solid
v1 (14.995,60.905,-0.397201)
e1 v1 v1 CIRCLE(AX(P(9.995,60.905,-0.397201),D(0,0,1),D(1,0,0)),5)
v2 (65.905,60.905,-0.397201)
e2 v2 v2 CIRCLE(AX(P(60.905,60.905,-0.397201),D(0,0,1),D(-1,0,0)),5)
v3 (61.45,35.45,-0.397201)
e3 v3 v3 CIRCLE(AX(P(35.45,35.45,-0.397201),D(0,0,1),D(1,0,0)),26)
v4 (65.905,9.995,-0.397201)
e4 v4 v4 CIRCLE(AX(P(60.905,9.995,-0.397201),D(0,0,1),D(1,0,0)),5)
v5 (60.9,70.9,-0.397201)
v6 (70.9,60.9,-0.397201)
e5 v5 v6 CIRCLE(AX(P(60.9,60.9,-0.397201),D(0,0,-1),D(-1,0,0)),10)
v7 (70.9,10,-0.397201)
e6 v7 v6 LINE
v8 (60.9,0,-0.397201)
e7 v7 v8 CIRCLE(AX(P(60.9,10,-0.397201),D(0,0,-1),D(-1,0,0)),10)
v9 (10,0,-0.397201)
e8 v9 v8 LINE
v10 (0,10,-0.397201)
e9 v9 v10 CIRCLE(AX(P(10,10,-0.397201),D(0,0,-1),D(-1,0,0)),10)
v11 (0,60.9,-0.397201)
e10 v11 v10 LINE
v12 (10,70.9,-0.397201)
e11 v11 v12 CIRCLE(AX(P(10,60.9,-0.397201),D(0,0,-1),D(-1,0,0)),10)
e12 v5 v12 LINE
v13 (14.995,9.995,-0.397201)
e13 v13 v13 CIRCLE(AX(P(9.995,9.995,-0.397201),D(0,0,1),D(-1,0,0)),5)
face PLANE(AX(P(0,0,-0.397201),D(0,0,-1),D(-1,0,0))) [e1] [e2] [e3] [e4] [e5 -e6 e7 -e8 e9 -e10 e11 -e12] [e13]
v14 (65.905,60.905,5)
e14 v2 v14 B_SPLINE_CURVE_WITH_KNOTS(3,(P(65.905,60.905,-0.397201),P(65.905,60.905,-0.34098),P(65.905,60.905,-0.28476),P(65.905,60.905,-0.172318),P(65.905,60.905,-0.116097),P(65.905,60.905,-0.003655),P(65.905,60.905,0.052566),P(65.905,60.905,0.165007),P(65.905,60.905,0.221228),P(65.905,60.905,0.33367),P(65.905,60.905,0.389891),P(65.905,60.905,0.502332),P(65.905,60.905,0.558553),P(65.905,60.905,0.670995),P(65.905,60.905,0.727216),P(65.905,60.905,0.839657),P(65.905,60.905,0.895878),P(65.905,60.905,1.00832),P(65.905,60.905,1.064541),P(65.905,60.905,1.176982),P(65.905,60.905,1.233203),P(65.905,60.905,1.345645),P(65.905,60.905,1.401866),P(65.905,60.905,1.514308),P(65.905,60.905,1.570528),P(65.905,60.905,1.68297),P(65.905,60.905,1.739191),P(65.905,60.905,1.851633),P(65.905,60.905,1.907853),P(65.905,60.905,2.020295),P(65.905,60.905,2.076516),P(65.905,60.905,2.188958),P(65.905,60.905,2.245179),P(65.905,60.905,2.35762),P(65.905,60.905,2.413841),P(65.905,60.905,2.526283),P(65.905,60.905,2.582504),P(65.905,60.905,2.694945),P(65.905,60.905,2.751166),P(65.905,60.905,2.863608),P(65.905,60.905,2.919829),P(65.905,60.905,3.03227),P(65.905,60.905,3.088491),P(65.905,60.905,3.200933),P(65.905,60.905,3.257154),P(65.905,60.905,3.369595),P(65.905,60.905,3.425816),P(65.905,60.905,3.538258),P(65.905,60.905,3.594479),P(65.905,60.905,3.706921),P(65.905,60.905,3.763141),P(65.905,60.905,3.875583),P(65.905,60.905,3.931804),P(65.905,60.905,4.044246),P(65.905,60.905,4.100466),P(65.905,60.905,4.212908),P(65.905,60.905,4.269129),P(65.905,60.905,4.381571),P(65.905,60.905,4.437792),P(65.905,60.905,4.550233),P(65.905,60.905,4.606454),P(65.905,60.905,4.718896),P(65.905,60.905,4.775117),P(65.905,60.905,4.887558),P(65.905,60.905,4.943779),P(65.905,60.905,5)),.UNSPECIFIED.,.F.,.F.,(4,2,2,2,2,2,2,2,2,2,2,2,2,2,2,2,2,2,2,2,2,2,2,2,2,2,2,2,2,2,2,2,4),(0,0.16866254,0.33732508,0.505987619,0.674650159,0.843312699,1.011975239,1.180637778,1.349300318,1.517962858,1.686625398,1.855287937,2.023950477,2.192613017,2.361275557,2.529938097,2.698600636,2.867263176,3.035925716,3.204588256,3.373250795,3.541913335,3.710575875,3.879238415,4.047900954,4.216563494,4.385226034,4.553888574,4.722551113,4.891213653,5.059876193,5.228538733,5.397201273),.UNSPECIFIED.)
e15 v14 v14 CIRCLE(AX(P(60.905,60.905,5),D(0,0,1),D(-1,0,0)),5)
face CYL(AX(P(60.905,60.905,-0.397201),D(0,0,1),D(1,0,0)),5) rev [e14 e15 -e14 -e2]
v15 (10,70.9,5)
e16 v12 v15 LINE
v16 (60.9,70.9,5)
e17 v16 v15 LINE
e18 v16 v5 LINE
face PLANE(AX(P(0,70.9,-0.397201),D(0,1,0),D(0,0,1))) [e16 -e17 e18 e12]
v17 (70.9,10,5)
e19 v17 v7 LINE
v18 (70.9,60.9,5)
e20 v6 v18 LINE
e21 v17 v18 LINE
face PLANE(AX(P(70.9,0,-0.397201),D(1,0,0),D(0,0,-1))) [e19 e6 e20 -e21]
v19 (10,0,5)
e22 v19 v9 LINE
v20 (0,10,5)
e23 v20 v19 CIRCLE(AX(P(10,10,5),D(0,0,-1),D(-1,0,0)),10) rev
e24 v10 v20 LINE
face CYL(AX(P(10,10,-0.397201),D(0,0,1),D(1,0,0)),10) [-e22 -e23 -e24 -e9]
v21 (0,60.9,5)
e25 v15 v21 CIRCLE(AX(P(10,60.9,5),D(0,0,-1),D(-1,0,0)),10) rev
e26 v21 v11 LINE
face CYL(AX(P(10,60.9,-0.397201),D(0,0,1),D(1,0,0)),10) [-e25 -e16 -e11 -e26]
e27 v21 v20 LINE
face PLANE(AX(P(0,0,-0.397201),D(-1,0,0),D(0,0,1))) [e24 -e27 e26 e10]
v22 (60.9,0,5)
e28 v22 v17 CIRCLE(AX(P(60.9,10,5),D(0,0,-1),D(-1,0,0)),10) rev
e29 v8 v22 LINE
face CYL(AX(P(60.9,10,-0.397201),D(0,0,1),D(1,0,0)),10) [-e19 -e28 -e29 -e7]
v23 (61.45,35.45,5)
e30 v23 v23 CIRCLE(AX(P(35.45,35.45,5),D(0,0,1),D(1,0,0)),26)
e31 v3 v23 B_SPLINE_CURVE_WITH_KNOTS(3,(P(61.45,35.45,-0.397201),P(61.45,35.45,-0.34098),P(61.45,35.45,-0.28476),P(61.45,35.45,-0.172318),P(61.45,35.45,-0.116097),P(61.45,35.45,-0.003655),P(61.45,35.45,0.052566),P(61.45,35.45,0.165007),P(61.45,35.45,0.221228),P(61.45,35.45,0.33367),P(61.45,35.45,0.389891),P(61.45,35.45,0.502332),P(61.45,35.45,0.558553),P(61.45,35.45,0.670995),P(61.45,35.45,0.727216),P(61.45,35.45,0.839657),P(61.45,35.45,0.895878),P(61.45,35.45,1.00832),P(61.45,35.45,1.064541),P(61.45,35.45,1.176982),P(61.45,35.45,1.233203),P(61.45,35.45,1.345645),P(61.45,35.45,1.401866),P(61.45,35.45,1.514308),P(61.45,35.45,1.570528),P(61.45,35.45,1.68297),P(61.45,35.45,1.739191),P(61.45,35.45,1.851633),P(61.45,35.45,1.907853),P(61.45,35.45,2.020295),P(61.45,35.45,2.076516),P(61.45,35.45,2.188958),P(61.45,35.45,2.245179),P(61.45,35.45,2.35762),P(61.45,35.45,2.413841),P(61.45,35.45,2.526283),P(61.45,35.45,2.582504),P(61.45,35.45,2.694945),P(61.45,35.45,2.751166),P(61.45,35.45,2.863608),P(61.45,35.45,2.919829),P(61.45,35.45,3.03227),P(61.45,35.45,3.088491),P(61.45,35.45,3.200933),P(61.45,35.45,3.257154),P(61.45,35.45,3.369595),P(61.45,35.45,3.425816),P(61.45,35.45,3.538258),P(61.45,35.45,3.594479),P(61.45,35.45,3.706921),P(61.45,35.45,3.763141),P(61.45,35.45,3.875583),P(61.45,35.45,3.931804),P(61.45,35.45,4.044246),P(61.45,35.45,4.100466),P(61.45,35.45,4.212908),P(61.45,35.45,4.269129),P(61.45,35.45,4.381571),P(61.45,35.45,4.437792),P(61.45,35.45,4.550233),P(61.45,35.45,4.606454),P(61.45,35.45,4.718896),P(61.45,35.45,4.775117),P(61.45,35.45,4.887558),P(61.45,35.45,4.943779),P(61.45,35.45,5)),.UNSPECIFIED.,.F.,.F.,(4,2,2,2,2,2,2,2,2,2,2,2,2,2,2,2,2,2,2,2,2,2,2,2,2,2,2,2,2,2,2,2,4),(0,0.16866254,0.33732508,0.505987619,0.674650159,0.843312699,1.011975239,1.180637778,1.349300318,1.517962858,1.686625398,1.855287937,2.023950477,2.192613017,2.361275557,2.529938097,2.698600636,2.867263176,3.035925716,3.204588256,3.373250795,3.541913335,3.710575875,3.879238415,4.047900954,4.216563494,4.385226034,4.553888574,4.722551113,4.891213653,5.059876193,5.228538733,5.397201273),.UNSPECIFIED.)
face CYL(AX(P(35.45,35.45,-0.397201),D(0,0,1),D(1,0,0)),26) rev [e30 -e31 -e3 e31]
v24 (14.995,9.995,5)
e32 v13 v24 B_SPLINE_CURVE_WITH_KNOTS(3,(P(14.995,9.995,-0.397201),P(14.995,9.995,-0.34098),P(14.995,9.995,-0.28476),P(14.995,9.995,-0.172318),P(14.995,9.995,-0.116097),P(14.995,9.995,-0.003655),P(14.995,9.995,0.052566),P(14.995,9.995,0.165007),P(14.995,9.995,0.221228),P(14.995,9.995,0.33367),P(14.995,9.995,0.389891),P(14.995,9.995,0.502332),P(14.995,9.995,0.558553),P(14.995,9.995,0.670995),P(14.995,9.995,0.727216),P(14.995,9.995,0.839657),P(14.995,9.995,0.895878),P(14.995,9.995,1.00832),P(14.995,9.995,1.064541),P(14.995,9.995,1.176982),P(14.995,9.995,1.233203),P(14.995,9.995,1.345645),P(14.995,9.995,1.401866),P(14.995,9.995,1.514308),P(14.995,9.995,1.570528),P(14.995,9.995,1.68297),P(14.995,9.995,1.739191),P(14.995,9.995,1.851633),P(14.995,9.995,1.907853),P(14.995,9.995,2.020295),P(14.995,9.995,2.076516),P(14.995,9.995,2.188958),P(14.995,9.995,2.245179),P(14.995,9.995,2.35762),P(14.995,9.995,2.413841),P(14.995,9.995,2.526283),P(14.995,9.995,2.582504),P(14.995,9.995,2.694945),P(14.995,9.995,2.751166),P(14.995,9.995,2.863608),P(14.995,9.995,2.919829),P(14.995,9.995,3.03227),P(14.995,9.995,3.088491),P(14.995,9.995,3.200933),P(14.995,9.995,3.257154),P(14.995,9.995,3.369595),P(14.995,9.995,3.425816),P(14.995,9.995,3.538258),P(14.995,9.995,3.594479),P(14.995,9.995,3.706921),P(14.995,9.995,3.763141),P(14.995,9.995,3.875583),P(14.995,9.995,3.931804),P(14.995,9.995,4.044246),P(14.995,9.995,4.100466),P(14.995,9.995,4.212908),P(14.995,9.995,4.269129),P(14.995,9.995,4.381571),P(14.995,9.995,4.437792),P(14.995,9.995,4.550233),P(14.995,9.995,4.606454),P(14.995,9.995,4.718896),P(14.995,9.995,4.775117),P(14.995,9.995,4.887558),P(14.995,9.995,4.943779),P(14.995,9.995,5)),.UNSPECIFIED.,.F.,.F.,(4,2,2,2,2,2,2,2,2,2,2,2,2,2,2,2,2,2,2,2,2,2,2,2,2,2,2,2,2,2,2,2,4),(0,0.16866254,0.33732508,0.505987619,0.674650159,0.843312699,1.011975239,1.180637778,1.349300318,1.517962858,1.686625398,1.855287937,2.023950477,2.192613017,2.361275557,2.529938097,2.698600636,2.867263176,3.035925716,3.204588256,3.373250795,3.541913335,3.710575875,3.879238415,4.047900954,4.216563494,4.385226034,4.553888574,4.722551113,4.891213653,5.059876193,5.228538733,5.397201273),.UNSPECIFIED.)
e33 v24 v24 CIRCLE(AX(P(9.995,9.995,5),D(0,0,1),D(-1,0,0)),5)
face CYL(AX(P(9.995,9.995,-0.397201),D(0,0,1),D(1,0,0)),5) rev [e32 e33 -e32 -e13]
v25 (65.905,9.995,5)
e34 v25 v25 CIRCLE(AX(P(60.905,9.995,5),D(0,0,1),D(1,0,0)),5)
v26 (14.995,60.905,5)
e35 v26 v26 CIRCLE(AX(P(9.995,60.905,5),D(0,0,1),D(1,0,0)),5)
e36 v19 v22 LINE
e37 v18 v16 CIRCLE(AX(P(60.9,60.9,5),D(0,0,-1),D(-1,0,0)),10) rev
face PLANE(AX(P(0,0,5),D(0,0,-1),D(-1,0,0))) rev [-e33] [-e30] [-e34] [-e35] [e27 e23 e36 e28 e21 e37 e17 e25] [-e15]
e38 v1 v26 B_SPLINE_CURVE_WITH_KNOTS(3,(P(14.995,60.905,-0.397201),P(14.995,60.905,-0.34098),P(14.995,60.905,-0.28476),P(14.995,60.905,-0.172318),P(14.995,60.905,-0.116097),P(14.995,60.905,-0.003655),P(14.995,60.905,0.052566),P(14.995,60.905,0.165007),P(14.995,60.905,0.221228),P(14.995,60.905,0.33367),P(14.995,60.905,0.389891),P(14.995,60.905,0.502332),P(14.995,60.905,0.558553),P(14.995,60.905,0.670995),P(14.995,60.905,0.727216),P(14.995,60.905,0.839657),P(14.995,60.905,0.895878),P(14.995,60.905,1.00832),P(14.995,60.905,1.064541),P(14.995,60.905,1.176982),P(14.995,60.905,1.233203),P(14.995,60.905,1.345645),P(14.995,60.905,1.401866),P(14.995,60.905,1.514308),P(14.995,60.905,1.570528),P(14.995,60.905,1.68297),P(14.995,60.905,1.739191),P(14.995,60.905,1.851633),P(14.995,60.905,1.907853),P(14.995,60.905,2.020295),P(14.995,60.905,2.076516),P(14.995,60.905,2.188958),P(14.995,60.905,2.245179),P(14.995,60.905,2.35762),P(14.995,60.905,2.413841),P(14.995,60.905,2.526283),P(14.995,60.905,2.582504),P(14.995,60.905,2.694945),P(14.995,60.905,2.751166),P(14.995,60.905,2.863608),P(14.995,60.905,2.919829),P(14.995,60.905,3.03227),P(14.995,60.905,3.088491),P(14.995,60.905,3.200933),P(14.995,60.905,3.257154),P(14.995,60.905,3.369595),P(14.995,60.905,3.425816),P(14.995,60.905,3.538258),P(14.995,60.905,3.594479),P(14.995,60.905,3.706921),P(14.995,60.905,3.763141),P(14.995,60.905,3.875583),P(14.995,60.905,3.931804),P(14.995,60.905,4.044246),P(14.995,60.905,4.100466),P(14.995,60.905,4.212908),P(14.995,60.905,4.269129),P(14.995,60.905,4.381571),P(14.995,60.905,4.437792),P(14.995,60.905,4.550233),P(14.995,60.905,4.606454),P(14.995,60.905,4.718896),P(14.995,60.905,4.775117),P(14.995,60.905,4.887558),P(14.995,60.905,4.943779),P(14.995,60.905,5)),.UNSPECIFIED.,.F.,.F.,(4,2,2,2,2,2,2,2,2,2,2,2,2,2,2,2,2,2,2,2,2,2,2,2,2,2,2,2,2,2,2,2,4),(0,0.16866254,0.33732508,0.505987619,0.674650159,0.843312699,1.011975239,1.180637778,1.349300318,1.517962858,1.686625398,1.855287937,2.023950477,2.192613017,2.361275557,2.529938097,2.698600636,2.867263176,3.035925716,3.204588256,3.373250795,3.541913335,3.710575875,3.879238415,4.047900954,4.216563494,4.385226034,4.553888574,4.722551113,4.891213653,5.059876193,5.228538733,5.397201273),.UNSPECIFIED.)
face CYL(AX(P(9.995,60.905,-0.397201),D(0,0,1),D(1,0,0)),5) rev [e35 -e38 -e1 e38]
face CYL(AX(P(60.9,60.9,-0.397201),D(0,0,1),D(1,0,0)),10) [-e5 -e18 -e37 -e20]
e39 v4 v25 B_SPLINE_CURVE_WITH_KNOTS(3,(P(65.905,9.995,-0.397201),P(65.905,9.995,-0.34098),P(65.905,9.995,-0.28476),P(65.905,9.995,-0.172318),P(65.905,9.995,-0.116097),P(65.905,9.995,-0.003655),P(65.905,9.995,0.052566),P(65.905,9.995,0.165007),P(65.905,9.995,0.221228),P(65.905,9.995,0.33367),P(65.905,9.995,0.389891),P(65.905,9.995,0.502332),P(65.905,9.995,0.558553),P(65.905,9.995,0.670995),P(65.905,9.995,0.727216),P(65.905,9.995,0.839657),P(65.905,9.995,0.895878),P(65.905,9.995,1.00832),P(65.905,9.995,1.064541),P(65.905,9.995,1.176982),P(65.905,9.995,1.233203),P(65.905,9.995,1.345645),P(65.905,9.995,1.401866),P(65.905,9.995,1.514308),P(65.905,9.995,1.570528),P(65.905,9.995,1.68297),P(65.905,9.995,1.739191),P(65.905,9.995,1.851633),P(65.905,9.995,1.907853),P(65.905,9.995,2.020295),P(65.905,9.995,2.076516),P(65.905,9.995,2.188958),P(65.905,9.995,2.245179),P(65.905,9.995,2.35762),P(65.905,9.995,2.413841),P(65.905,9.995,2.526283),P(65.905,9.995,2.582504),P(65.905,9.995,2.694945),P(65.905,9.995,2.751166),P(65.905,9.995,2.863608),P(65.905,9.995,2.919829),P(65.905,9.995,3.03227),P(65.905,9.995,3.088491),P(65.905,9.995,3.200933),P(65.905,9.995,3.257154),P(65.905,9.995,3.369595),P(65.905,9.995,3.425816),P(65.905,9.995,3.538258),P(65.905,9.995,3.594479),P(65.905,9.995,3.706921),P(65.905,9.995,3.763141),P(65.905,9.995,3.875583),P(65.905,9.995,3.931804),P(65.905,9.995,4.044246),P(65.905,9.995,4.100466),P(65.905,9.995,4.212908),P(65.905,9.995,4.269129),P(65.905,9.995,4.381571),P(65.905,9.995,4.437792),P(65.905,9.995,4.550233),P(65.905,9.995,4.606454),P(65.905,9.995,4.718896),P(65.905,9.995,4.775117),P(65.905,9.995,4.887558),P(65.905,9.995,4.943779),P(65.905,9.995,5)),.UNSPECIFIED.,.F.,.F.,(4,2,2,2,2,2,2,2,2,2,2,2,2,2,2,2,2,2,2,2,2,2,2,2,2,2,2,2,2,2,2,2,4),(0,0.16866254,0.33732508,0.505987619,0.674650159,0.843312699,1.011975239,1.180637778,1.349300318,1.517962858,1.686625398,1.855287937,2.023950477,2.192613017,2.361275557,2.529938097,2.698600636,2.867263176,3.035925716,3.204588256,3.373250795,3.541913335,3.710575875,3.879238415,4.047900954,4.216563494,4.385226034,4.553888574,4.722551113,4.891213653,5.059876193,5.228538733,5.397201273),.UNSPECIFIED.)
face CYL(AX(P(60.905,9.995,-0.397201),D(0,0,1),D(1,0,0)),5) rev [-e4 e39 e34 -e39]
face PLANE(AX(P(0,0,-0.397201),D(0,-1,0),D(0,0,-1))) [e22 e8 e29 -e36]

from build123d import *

# Parameters (mm, degrees)
BOSS_EXTRUDE1_DEPTH      = 5
BOSS_EXTRUDE1_DEPTH_BACK = 0.397201273
SKETCH1_W                = 70.9
SKETCH1_H                = 70.9
SKETCH1_R                = 5
SKETCH1_R_2              = 26
FILLET1_R                = 10


with BuildPart() as part:
    # Sketch1 → Boss-Extrude1 (new, two sides: drawn at the far end of the back side and taken through both)
    with BuildSketch(Plane.XY.offset(-BOSS_EXTRUDE1_DEPTH_BACK)):
        with Locations((35.45, 35.45)):
            Rectangle(SKETCH1_W, SKETCH1_H)
        with Locations((9.995, 60.905)):
            Circle(SKETCH1_R, mode=Mode.SUBTRACT)
        with Locations((60.905, 60.905)):
            Circle(SKETCH1_R, mode=Mode.SUBTRACT)
        with Locations((60.905, 9.995)):
            Circle(SKETCH1_R, mode=Mode.SUBTRACT)
        with Locations((9.995, 9.995)):
            Circle(SKETCH1_R, mode=Mode.SUBTRACT)
        with Locations((35.45, 35.45)):
            Circle(SKETCH1_R_2, mode=Mode.SUBTRACT)
    extrude(amount=BOSS_EXTRUDE1_DEPTH + BOSS_EXTRUDE1_DEPTH_BACK)

    # Fillet1
    fillet1_edges = [part.edges().sort_by_distance(p)[0] for p in [
        (0, 70.9, 2.301399364),
        (70.9, 70.9, 2.301399364),
        (70.9, 0, 2.301399364),
        (0, 0, 2.301399364),
    ]]
    fillet(fillet1_edges, radius=FILLET1_R)


solid = part.part
